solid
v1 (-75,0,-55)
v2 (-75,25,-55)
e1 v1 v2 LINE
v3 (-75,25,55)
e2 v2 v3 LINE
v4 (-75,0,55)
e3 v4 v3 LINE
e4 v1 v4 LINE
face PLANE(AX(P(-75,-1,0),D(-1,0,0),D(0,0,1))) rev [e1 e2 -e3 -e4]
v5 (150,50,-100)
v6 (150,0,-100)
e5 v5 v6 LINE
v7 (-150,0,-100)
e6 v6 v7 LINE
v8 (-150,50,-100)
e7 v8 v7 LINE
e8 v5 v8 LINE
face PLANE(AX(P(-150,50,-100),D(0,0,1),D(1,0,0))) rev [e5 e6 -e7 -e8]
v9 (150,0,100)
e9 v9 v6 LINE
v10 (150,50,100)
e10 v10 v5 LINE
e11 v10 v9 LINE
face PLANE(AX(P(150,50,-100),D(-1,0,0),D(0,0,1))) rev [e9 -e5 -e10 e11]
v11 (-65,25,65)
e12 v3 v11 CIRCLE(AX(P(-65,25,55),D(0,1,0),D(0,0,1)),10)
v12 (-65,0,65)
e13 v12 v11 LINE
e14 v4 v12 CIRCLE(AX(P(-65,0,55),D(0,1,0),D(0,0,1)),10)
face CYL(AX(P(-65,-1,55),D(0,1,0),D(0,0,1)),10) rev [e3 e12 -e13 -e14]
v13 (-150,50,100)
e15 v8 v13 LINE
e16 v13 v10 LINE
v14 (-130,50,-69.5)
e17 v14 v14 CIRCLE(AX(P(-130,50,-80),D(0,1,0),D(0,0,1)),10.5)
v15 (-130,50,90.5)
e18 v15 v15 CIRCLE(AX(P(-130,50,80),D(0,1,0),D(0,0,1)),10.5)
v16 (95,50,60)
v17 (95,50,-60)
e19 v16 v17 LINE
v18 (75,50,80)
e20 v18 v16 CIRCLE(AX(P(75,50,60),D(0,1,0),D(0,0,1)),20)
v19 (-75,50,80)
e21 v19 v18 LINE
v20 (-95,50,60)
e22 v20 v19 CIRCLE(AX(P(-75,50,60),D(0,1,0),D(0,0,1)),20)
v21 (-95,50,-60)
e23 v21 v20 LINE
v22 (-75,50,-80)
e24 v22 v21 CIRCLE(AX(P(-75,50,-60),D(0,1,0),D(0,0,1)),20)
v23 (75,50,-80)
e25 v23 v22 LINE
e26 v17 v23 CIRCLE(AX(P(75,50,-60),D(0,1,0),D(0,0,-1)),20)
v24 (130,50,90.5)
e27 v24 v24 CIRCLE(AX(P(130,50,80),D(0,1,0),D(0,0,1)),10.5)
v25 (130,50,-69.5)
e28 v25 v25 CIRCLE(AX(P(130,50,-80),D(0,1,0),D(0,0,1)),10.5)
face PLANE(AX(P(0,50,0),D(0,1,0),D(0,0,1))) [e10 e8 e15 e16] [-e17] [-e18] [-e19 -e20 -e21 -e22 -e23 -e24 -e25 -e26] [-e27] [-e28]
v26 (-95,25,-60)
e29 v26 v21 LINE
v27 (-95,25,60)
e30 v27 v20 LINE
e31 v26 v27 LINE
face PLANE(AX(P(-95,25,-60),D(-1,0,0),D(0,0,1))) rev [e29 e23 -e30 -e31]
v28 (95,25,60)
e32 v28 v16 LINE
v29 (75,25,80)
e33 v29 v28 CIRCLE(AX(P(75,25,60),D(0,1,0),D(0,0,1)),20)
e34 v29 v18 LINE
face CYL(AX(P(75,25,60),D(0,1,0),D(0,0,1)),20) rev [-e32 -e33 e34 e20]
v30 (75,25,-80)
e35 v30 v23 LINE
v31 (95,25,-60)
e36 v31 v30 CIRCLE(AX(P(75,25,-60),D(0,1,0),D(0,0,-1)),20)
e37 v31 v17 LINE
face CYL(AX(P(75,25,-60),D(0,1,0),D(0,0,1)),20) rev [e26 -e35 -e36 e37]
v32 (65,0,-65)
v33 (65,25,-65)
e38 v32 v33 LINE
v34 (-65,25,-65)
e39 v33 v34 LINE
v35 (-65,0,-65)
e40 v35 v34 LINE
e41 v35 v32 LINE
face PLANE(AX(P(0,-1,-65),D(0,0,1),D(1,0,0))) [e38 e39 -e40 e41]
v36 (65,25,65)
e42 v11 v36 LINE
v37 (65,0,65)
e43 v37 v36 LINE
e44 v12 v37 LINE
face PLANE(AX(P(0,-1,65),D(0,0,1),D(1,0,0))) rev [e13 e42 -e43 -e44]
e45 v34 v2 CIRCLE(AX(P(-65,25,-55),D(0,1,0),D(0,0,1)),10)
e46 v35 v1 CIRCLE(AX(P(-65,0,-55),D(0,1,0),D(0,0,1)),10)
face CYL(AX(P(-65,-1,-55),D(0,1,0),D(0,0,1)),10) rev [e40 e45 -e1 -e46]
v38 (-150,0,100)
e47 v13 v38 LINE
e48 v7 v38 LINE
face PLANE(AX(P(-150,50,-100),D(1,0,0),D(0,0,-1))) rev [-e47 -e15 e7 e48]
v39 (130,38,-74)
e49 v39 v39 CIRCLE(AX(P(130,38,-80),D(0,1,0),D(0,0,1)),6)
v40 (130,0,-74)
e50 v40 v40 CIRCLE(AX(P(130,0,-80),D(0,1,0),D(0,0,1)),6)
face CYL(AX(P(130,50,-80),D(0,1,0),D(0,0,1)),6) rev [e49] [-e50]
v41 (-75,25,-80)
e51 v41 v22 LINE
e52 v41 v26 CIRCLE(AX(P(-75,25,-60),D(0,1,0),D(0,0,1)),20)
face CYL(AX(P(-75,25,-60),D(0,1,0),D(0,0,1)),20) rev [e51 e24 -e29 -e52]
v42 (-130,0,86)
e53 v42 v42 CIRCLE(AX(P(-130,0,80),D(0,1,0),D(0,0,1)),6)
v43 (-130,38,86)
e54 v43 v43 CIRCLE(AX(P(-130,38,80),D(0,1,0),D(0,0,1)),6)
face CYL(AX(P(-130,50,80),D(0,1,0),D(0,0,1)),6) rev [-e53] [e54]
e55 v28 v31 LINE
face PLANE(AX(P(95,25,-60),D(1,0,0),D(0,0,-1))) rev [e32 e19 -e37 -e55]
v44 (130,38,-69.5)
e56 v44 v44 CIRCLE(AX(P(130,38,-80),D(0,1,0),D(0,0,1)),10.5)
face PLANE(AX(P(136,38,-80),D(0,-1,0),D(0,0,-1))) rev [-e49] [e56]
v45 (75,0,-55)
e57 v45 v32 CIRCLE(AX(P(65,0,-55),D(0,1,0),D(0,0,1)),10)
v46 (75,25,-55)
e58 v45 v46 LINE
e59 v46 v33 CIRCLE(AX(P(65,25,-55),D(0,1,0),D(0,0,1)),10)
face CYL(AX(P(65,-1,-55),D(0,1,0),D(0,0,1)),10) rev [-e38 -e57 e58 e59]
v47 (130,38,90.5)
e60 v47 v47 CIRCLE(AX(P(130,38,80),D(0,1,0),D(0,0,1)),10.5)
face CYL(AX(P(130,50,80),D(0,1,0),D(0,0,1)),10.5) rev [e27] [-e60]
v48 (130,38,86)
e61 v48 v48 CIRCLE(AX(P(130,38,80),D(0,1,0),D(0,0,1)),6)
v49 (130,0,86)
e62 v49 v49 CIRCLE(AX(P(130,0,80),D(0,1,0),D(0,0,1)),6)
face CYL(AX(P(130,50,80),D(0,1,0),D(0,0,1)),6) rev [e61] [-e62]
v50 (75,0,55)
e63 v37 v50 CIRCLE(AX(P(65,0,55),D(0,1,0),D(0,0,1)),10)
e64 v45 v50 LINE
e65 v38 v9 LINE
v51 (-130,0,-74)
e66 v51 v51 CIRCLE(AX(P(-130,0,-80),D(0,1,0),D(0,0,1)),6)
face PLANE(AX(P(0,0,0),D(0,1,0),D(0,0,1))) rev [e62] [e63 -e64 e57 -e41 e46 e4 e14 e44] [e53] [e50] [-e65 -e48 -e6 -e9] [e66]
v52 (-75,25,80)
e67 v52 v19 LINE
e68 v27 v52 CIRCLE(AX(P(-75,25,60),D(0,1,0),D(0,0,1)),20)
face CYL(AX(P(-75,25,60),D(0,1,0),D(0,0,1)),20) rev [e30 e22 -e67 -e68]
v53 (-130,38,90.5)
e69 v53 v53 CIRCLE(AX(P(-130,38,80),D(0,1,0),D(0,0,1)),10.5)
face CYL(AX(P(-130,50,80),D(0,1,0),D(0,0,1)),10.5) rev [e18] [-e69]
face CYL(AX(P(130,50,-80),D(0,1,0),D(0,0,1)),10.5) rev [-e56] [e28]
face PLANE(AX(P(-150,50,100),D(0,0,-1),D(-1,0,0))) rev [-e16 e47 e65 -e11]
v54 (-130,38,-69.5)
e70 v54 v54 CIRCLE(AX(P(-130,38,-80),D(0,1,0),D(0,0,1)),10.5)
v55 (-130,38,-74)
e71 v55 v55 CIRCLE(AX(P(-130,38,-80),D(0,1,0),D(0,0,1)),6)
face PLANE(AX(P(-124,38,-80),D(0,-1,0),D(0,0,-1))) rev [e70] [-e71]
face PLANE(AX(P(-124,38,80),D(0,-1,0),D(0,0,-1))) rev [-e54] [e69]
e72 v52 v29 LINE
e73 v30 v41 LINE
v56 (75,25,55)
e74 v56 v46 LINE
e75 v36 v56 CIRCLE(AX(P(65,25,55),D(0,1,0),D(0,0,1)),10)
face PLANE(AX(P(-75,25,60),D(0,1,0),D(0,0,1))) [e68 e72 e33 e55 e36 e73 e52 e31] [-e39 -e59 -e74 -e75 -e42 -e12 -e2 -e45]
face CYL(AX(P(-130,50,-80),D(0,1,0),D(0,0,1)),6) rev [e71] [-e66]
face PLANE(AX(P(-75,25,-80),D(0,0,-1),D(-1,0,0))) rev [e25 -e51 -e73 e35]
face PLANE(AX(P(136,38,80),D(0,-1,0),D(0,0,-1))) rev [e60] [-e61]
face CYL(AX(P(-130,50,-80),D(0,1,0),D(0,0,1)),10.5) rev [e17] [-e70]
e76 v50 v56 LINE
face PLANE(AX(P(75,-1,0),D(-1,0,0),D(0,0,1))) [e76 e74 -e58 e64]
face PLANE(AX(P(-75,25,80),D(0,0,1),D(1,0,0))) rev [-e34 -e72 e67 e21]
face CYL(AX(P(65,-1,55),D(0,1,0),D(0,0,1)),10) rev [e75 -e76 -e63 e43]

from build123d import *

# Parameters (mm, degrees)
CROQUIS1_W                   = 300
CROQUIS1_H                   = 200
SALIENTE_EXTRUIR1_DEPTH      = 50
TALADRO1_D                   = 12
TALADRO1_DEPTH               = 50.801082666
TALADRO1_CBORE_D             = 21
TALADRO1_CBORE_DEPTH         = 12
SIMETR_A2_COPY_1_D           = 12
SIMETR_A2_COPY_1_DEPTH       = 50.801082666
SIMETR_A2_COPY_1_CBORE_D     = 21
SIMETR_A2_COPY_1_CBORE_DEPTH = 12
SIMETR_A2_COPY_2_D           = 12
SIMETR_A2_COPY_2_DEPTH       = 50.801082666
SIMETR_A2_COPY_2_CBORE_D     = 21
SIMETR_A2_COPY_2_CBORE_DEPTH = 12
CORTAR_EXTRUIR1_DEPTH        = 25
CORTAR_EXTRUIR2_DEPTH        = 51


with BuildPart() as part:
    # Croquis1 → Saliente-Extruir1 (new body)
    with BuildSketch(Plane(origin=(0, 0, 0), x_dir=(1, 0, 0), z_dir=(0, 1, 0))):
        Rectangle(CROQUIS1_W, CROQUIS1_H)
    extrude(amount=SALIENTE_EXTRUIR1_DEPTH)

    # Taladro1
    with Locations(Plane(origin=(0, 50, 0), x_dir=(1, 0, 0), z_dir=(0, 1, 0))):
        with Locations((-130, 80)):
            taladro1 = CounterBoreHole(TALADRO1_D / 2, TALADRO1_CBORE_D / 2, TALADRO1_CBORE_DEPTH, depth=TALADRO1_DEPTH)

    # Simetría1: Taladro1 across plane
    add(taladro1.mirror(Plane(origin=(0, 0, 0), x_dir=(0, 0, 1), z_dir=(1, 0, 0))), mode=Mode.SUBTRACT)

    # Simetría2 copy 1
    with Locations(Plane(origin=(0, 50, 0), x_dir=(-1, 0, 0), z_dir=(0, 1, 0))):
        with Locations((-130, 80)):
            CounterBoreHole(SIMETR_A2_COPY_1_D / 2, SIMETR_A2_COPY_1_CBORE_D / 2, SIMETR_A2_COPY_1_CBORE_DEPTH, depth=SIMETR_A2_COPY_1_DEPTH)

    # Simetría2 copy 2
    with Locations(Plane(origin=(0, 50, 0), x_dir=(1, 0, 0), z_dir=(0, 1, 0))):
        with Locations((-130, -80)):
            CounterBoreHole(SIMETR_A2_COPY_2_D / 2, SIMETR_A2_COPY_2_CBORE_D / 2, SIMETR_A2_COPY_2_CBORE_DEPTH, depth=SIMETR_A2_COPY_2_DEPTH)

    # Croquis4 → Cortar-Extruir1 (cut)
    with BuildSketch(Plane(origin=(0, 50, 0), x_dir=(1, 0, 0), z_dir=(0, 1, 0))):
        with BuildLine():
            Line((-75, 80), (75, 80))
            ThreePointArc((75, 80), (89.142135624, 74.142135624), (95, 60))
            Line((95, 60), (95, -60))
            ThreePointArc((95, -60), (89.142135624, -74.142135624), (75, -80))
            Line((75, -80), (-75, -80))
            ThreePointArc((-75, -80), (-89.142135624, -74.142135624), (-95, -60))
            Line((-95, -60), (-95, 60))
            ThreePointArc((-95, 60), (-89.142135624, 74.142135624), (-75, 80))
        make_face()
        with BuildLine():
            Line((-65, 65), (65, 65))
            ThreePointArc((65, 65), (72.071067812, 62.071067812), (75, 55))
            Line((75, 55), (75, -55))
            ThreePointArc((75, -55), (72.071067812, -62.071067812), (65, -65))
            Line((65, -65), (-65, -65))
            ThreePointArc((-65, -65), (-72.071067812, -62.071067812), (-75, -55))
            Line((-75, -55), (-75, 55))
            ThreePointArc((-75, 55), (-72.071067812, 62.071067812), (-65, 65))
        make_face(mode=Mode.SUBTRACT)
    extrude(amount=-CORTAR_EXTRUIR1_DEPTH, mode=Mode.SUBTRACT)

    # Croquis4<2> → Cortar-Extruir2 (cut)
    with BuildSketch(Plane(origin=(0, 50, 0), x_dir=(1, 0, 0), z_dir=(0, 1, 0))):
        with BuildLine():
            Line((65, 65), (-65, 65))
            ThreePointArc((-65, 65), (-72.071067812, 62.071067812), (-75, 55))
            Line((-75, 55), (-75, -55))
            ThreePointArc((-75, -55), (-72.071067812, -62.071067812), (-65, -65))
            Line((-65, -65), (65, -65))
            ThreePointArc((65, -65), (72.071067812, -62.071067812), (75, -55))
            Line((75, -55), (75, 55))
            ThreePointArc((75, 55), (72.071067812, 62.071067812), (65, 65))
        make_face()
    extrude(amount=-CORTAR_EXTRUIR2_DEPTH, mode=Mode.SUBTRACT)


solid = part.part
